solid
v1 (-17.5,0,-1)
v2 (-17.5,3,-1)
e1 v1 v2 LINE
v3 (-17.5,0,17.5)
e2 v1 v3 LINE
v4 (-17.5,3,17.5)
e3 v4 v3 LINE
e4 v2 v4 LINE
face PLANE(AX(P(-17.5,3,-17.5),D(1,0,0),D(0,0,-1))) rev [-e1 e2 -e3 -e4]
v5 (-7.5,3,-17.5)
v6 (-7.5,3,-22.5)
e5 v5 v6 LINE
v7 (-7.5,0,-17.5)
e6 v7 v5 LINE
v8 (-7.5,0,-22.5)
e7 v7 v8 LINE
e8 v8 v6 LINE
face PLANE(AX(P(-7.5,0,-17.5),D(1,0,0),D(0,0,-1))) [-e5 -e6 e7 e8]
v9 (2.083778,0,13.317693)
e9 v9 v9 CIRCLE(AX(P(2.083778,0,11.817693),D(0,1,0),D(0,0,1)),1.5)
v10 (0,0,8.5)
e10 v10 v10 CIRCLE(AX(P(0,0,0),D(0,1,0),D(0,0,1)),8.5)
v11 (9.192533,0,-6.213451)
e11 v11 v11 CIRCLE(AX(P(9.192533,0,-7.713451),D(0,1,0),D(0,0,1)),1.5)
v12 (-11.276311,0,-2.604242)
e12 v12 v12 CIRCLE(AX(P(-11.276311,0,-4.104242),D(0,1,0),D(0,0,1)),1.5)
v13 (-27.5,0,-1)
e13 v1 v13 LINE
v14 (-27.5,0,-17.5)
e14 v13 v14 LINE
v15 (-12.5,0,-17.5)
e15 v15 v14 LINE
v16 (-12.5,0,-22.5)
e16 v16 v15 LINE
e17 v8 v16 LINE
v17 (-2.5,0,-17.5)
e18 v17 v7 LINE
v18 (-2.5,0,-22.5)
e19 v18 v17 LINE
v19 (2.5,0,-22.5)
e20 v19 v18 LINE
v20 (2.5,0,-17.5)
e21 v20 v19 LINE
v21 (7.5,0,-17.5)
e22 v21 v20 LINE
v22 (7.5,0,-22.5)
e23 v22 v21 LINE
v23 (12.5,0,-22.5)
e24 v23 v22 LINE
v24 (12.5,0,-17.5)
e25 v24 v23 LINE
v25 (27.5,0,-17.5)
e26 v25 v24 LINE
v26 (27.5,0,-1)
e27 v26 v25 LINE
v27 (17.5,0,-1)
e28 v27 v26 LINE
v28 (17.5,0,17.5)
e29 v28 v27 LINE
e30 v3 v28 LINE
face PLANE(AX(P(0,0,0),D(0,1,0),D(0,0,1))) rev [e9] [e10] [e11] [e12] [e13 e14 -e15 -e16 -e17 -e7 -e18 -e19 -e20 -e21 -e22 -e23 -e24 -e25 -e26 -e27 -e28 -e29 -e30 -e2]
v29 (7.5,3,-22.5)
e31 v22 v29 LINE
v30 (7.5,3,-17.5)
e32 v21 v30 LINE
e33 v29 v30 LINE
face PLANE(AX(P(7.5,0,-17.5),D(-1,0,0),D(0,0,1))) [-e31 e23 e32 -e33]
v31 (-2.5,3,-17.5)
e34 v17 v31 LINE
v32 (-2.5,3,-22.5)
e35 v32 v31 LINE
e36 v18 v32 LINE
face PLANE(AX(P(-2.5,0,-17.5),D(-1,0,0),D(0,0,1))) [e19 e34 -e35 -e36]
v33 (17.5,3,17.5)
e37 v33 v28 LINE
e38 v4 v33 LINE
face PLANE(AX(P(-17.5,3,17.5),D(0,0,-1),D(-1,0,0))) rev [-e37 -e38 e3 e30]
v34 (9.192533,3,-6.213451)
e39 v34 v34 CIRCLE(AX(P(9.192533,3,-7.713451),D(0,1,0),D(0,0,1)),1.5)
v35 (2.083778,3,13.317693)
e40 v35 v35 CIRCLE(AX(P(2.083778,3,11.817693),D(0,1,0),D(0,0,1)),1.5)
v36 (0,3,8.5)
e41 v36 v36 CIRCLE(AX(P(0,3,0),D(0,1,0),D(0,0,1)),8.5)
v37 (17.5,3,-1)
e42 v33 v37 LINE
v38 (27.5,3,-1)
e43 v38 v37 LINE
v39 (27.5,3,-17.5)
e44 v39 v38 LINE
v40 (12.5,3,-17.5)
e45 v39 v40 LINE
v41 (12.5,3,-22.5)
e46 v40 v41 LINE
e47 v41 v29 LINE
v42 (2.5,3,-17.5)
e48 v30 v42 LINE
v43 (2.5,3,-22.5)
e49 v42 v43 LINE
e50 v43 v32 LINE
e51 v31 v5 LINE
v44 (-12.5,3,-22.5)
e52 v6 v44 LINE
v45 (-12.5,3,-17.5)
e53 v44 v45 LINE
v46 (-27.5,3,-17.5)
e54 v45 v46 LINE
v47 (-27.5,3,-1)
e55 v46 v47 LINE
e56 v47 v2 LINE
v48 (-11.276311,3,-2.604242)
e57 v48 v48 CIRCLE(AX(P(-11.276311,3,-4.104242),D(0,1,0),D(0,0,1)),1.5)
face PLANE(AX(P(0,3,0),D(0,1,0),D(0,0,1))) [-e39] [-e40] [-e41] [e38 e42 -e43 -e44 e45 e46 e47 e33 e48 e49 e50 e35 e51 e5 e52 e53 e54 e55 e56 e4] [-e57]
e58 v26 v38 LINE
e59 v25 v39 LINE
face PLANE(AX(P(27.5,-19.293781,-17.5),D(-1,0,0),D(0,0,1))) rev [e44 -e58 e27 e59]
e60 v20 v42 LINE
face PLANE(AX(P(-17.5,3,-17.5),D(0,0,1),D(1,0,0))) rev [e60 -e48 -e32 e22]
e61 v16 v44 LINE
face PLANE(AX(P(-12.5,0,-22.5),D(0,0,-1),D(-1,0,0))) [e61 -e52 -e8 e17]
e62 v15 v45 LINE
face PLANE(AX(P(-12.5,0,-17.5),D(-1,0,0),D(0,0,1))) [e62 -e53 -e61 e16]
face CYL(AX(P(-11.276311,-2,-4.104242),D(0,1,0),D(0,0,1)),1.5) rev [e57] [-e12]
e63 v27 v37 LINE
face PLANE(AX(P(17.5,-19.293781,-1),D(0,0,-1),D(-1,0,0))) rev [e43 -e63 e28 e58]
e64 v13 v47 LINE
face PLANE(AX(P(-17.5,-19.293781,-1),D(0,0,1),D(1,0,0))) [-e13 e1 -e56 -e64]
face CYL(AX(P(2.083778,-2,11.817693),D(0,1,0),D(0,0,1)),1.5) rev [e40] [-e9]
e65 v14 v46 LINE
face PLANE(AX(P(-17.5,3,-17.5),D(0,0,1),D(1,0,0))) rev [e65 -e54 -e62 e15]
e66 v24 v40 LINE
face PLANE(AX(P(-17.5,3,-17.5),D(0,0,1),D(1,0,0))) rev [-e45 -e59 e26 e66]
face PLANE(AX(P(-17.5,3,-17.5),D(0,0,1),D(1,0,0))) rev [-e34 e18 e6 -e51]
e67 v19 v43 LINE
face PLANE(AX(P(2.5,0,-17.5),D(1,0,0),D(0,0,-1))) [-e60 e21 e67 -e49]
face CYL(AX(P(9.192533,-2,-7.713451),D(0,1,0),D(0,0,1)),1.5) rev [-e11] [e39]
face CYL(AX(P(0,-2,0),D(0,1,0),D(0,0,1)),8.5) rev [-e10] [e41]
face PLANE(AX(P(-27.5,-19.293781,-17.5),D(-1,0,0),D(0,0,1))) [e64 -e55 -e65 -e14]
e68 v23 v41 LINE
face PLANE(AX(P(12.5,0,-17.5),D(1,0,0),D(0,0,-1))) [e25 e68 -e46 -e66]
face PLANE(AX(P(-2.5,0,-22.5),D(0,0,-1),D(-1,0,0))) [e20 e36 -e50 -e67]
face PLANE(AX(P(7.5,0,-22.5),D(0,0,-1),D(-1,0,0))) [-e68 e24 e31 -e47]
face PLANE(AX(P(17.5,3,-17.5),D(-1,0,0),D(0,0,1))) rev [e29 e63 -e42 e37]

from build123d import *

# Parameters (mm, degrees)
ESQUISSE1_W                = 35
ESQUISSE1_H                = 35
BOSS_EXTRU_1_DEPTH         = 3
ESQUISSE2_W                = 5
ESQUISSE2_H                = 5
BOSS_EXTRU_2_DEPTH         = 3
R_P_TITION_LIN_AIRE1_COUNT = 3
R_P_TITION_LIN_AIRE1_PITCH = 10
ESQUISSE3_R                = 8.5
ESQUISSE3_R_2              = 1.5
ENL_V_MAT_EXTRU_1_DEPTH    = 5
ESQUISSE4_W                = 10
ESQUISSE4_H                = 16.5
BOSS_EXTRU_3_DEPTH         = 3


with BuildPart() as part:
    # Esquisse1 → Boss.-Extru.1 (new body)
    with BuildSketch(Plane(origin=(0, 0, 0), x_dir=(1, 0, 0), z_dir=(0, 1, 0))):
        Rectangle(ESQUISSE1_W, ESQUISSE1_H)
    extrude(amount=BOSS_EXTRU_1_DEPTH)

    # Esquisse2 → Boss.-Extru.2 (add)
    with BuildSketch(Plane(origin=(0, 3, 0), x_dir=(1, 0, 0), z_dir=(0, 1, 0))):
        with Locations((-10, 20)):
            Rectangle(ESQUISSE2_W, ESQUISSE2_H)
    boss_extru_2 = extrude(amount=-BOSS_EXTRU_2_DEPTH)

    # Répétition linéaire1: Boss.-Extru.2 ×3
    with Locations(*[(i * R_P_TITION_LIN_AIRE1_PITCH, 0, 0) for i in range(1, R_P_TITION_LIN_AIRE1_COUNT)]):
        add(boss_extru_2)

    # Esquisse3 → Enlèv. mat.-Extru.1 (cut)
    with BuildSketch(Plane(origin=(0, 3, 0), x_dir=(1, 0, 0), z_dir=(0, 1, 0))):
        Circle(ESQUISSE3_R)
        with Locations((2.083778132, -11.817693036)):
            Circle(ESQUISSE3_R_2)
        with Locations((-11.276311449, 4.10424172)):
            Circle(ESQUISSE3_R_2)
        with Locations((9.192533317, 7.713451316)):
            Circle(ESQUISSE3_R_2)
    extrude(amount=-ENL_V_MAT_EXTRU_1_DEPTH, mode=Mode.SUBTRACT)

    # Esquisse4 → Boss.-Extru.3 (add)
    with BuildSketch(Plane(origin=(0, 3, 0), x_dir=(1, 0, 0), z_dir=(0, 1, 0))):
        with Locations((-22.5, 9.25)):
            Rectangle(ESQUISSE4_W, ESQUISSE4_H)
    boss_extru_3 = extrude(amount=-BOSS_EXTRU_3_DEPTH)

    # Symétrie1: Boss.-Extru.3 across plane
    add(boss_extru_3.mirror(Plane(origin=(0, 0, 0), x_dir=(0, 0, 1), z_dir=(1, 0, 0))))


solid = part.part
